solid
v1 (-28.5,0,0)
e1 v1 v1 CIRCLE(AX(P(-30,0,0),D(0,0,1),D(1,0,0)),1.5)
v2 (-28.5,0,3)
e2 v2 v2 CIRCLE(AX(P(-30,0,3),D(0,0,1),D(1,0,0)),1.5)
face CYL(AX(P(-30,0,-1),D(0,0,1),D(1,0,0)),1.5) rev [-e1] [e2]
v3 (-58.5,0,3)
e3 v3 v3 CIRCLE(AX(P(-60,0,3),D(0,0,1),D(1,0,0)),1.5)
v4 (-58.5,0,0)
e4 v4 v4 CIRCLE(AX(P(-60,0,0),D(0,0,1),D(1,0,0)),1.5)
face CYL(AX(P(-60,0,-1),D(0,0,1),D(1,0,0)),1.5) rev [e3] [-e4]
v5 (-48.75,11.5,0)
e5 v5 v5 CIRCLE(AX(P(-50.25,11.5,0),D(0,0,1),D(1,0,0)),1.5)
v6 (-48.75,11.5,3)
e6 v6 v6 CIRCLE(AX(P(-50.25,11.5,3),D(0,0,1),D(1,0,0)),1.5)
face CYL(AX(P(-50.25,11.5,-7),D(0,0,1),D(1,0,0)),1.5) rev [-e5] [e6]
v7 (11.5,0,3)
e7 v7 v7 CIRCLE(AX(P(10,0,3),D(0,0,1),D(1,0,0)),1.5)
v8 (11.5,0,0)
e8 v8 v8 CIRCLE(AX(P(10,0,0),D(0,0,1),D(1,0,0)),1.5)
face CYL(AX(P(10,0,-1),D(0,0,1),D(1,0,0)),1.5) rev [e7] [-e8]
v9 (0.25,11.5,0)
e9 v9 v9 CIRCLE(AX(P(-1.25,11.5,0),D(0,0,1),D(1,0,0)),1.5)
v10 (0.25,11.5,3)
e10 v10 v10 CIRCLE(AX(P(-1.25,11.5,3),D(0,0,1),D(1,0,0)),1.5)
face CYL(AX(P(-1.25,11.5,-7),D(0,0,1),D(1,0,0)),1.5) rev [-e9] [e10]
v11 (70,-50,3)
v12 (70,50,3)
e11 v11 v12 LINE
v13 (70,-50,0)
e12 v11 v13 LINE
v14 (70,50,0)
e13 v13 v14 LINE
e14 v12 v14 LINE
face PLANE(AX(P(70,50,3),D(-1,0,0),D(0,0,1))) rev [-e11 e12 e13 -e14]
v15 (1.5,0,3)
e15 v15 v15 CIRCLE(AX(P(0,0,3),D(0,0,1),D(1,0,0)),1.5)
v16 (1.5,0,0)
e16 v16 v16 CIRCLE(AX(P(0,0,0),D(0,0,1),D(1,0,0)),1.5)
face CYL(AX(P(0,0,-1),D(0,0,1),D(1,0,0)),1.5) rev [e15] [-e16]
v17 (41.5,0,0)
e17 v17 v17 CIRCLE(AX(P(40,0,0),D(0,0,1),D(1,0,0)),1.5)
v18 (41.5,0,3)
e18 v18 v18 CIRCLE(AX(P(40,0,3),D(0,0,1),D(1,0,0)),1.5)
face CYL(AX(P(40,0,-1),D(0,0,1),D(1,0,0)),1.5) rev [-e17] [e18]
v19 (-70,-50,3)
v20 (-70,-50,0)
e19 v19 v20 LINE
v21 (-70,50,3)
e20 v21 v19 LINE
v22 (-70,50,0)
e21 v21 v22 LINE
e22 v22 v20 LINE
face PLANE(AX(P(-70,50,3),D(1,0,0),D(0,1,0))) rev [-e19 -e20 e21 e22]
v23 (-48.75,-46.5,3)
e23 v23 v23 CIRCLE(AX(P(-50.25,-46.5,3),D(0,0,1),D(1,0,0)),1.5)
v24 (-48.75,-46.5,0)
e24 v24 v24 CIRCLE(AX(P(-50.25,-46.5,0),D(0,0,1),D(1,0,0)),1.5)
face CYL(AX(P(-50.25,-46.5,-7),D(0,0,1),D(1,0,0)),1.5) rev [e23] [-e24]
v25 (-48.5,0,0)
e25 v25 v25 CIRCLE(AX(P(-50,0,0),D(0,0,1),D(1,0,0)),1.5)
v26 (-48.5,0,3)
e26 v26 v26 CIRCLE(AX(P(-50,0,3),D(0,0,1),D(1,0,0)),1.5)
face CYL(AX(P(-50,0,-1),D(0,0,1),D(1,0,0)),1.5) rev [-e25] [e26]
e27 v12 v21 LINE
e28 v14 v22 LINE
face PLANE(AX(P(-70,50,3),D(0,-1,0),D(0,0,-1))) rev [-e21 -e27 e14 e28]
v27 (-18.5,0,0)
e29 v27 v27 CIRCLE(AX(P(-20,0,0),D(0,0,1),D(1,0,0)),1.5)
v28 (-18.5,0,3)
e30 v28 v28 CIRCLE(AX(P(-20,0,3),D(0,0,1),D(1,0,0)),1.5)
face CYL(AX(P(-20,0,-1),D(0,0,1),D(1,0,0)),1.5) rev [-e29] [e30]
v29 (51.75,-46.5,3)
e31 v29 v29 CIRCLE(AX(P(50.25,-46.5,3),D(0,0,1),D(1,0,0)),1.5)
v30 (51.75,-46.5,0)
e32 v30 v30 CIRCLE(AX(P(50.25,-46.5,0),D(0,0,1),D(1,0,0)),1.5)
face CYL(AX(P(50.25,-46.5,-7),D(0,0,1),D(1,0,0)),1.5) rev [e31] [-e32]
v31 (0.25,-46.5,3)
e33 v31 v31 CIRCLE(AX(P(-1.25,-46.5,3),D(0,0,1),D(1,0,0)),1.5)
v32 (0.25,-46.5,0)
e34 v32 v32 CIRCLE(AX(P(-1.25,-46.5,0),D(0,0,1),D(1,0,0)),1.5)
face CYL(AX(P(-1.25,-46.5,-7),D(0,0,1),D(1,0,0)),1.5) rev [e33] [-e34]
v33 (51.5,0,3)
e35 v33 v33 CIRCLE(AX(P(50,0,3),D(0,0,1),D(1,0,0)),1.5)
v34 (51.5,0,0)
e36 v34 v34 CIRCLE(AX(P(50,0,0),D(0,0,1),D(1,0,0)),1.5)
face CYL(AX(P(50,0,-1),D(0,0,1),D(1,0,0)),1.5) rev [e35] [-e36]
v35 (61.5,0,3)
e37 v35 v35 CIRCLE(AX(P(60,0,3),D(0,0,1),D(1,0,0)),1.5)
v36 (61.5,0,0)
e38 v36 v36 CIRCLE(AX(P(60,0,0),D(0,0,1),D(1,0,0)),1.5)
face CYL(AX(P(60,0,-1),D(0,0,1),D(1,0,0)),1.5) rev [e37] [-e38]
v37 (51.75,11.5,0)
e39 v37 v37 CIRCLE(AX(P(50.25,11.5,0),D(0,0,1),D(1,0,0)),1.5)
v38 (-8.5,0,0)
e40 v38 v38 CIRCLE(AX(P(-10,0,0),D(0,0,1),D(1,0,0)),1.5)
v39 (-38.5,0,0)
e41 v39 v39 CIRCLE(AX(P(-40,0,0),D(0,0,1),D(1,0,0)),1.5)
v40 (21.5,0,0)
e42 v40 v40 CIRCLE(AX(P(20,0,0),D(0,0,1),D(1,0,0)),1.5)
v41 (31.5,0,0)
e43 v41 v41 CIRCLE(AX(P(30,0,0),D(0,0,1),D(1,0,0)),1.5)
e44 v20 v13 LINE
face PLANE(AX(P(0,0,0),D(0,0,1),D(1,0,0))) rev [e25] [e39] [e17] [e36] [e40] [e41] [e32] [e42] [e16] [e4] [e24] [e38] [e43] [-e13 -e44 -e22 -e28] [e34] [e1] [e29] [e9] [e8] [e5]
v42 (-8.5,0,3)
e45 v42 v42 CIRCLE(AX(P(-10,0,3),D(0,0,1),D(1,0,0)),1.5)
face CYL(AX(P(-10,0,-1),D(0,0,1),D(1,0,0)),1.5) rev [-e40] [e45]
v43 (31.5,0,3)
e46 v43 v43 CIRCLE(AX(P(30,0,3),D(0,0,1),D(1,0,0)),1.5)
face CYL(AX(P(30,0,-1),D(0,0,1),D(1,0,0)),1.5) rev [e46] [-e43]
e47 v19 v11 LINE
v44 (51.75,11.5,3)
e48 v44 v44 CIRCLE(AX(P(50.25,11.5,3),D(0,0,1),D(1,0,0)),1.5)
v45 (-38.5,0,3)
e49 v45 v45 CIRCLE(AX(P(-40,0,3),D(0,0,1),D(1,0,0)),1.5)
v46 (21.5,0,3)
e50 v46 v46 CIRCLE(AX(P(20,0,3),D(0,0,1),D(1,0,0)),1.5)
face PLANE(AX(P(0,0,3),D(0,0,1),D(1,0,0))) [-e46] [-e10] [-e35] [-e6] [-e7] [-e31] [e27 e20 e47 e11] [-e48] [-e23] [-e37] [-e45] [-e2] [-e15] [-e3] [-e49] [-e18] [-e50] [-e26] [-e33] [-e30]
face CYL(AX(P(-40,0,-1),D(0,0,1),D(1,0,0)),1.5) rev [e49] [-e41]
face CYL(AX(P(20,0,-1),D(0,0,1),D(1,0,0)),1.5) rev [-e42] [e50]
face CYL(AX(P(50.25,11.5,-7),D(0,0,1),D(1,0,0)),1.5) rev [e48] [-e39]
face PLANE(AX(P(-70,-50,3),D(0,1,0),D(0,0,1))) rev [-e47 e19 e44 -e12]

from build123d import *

# Parameters (mm, degrees)
SKETCH1_W           = 140
SKETCH1_H           = 100
BOSS_EXTRUDE1_DEPTH = 3
SKETCH2_R           = 1.5
CUT_EXTRUDE1_DEPTH  = 4
SKETCH3_R           = 1.5
CUT_EXTRUDE2_DEPTH  = 10


with BuildPart() as part:
    # Sketch1 → Boss-Extrude1 (new body)
    with BuildSketch(Plane.XY):
        Rectangle(SKETCH1_W, SKETCH1_H)
    extrude(amount=BOSS_EXTRUDE1_DEPTH)

    # Sketch2 → Cut-Extrude1 (cut)
    with BuildSketch(Plane.XY.offset(3)):
        Circle(SKETCH2_R)
        with Locations((10, 0)):
            Circle(SKETCH2_R)
        with Locations((20, 0)):
            Circle(SKETCH2_R)
        with Locations((30, 0)):
            Circle(SKETCH2_R)
        with Locations((40, 0)):
            Circle(SKETCH2_R)
        with Locations((50, 0)):
            Circle(SKETCH2_R)
        with Locations((60, 0)):
            Circle(SKETCH2_R)
        with Locations((-10, 0)):
            Circle(SKETCH2_R)
        with Locations((-20, 0)):
            Circle(SKETCH2_R)
        with Locations((-30, 0)):
            Circle(SKETCH2_R)
        with Locations((-40, 0)):
            Circle(SKETCH2_R)
        with Locations((-50, 0)):
            Circle(SKETCH2_R)
        with Locations((-60, 0)):
            Circle(SKETCH2_R)
    extrude(amount=-CUT_EXTRUDE1_DEPTH, mode=Mode.SUBTRACT)

    # Sketch3 → Cut-Extrude2 (cut)
    with BuildSketch(Plane.XY.offset(3)):
        with Locations((50.25, -46.5)):
            Circle(SKETCH3_R)
        with Locations((-50.25, -46.5)):
            Circle(SKETCH3_R)
        with Locations((-1.25, -46.5)):
            Circle(SKETCH3_R)
        with Locations((-1.25, 11.5)):
            Circle(SKETCH3_R)
        with Locations((50.25, 11.5)):
            Circle(SKETCH3_R)
        with Locations((-50.25, 11.5)):
            Circle(SKETCH3_R)
    extrude(amount=-CUT_EXTRUDE2_DEPTH, mode=Mode.SUBTRACT)


solid = part.part
